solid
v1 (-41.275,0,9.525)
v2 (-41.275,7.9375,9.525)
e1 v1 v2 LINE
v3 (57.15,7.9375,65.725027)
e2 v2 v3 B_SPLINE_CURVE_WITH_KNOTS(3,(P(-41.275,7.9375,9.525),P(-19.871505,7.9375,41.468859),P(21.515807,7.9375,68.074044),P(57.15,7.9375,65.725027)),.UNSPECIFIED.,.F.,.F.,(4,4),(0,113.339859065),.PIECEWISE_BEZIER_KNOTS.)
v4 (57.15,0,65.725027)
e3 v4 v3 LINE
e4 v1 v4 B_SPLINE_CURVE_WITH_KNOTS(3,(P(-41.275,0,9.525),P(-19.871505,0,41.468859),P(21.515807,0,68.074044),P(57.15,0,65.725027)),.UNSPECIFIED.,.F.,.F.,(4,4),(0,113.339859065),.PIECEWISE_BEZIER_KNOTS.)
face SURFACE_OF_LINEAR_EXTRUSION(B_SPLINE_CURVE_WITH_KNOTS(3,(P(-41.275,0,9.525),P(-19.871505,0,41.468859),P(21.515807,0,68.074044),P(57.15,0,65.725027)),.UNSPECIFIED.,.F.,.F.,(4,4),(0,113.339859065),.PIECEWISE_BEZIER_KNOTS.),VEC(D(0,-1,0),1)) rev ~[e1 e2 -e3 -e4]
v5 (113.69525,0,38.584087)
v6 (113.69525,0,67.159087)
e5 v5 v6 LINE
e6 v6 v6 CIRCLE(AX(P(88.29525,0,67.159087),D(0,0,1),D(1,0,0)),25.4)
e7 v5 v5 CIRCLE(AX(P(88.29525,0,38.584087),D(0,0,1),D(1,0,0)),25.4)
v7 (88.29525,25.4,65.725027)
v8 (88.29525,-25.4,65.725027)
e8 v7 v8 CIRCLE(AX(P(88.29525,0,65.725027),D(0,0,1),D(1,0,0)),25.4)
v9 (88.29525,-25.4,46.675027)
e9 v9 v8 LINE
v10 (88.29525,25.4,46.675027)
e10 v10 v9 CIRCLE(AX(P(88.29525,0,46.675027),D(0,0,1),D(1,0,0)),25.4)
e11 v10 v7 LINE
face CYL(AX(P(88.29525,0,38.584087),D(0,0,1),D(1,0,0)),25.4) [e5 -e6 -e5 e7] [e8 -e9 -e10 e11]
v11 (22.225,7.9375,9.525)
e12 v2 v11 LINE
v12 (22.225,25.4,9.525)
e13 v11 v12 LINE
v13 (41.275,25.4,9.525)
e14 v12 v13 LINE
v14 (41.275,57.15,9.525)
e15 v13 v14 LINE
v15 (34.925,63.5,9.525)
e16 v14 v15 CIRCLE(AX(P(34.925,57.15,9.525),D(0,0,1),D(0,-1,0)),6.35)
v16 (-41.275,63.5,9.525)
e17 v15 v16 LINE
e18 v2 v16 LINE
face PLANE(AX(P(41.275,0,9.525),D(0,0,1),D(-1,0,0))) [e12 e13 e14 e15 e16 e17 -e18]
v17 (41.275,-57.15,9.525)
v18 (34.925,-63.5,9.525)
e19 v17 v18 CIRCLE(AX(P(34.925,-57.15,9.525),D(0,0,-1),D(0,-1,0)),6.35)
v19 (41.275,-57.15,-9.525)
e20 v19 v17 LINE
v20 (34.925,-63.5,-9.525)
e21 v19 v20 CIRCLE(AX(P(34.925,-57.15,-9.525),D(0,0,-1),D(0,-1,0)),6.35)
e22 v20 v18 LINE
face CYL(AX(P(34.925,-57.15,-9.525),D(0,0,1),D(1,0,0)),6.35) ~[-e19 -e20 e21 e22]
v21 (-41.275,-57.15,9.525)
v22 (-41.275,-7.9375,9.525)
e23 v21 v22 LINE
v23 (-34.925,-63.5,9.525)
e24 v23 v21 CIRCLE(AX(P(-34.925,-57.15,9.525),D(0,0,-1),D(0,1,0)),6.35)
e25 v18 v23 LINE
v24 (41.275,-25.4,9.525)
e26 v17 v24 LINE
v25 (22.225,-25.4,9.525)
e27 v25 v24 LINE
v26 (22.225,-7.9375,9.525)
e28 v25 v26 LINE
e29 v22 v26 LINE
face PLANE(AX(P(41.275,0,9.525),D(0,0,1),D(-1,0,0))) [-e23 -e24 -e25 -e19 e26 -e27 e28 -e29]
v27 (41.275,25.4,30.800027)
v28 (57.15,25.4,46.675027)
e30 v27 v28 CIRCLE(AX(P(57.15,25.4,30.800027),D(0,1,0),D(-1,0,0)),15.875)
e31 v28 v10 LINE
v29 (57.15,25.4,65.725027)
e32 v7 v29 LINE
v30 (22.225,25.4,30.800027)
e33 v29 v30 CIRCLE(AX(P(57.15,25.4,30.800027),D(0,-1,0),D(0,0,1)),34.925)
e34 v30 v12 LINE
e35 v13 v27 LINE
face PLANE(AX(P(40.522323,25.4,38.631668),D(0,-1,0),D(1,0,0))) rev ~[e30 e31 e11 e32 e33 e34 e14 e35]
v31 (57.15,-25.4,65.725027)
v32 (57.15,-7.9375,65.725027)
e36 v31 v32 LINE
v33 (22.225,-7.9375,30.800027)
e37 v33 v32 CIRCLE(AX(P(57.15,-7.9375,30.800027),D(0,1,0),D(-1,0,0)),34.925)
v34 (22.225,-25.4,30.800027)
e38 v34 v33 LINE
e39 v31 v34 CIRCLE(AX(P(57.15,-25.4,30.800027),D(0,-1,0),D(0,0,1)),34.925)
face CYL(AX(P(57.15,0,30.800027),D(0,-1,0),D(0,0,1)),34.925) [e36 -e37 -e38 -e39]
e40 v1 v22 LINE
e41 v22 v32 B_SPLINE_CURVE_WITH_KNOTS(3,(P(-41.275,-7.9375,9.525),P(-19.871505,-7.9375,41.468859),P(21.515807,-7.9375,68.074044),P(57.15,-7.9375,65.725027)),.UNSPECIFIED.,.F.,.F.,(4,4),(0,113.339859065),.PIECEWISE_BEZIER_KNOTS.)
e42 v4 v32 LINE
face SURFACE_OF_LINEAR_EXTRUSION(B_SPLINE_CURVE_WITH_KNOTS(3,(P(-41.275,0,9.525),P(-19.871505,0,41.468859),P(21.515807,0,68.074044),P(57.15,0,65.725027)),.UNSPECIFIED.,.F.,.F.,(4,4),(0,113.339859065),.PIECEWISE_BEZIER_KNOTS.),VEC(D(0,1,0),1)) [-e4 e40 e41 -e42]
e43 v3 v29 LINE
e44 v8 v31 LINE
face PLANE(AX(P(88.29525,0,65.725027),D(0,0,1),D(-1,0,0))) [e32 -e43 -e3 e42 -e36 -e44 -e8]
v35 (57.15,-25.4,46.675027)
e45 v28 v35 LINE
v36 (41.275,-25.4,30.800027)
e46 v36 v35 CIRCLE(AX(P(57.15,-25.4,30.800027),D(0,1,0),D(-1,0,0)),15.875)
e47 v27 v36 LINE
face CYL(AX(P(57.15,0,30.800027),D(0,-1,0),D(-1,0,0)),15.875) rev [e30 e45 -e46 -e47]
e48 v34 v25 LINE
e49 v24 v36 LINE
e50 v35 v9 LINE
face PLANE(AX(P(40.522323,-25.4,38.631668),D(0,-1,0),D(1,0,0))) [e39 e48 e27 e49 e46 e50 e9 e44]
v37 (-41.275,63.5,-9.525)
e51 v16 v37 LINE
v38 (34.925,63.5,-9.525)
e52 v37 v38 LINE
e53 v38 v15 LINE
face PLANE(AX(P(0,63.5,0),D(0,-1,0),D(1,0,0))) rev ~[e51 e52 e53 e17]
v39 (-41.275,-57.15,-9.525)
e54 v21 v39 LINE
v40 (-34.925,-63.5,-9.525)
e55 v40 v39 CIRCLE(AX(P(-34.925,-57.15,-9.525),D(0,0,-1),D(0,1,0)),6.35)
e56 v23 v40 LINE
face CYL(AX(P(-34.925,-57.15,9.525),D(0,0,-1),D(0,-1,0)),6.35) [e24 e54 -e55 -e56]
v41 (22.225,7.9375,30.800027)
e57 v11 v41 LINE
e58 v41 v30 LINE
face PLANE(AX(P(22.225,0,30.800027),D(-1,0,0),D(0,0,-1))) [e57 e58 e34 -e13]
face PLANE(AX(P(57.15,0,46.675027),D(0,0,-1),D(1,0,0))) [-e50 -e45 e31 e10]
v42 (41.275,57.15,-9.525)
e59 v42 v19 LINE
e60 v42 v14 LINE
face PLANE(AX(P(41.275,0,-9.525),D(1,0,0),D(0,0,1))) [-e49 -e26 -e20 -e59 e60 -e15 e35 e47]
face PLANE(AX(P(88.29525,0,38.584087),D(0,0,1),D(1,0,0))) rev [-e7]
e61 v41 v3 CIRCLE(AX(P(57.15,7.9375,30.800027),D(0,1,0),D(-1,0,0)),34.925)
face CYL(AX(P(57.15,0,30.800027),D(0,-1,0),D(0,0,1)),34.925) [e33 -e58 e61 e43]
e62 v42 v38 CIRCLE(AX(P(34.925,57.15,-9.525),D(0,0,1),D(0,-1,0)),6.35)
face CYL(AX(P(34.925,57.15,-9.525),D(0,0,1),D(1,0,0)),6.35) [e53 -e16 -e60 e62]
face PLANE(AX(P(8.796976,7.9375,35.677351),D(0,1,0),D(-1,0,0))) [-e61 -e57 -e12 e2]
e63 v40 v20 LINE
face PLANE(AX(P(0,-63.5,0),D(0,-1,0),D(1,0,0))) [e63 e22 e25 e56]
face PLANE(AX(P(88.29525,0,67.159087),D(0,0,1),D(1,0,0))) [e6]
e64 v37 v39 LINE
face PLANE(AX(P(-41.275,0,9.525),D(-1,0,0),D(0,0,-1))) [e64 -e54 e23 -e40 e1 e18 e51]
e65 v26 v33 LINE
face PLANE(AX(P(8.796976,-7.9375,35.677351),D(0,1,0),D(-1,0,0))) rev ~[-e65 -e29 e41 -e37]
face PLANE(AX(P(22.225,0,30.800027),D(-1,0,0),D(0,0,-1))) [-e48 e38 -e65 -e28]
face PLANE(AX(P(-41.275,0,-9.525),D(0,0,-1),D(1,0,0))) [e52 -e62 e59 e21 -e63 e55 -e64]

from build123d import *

# Parameters (mm, degrees)
F1_DEPTH = 63.5
F0_W     = 25.4
F0_H     = 19.05
F2_DEPTH = 25.4
F3_DEPTH = 7.9375
F5_R     = 6.35


with BuildPart() as f1:
    # F0 (on Front) → F1 (new body, symmetric)
    with BuildSketch(Plane.XZ):
        Polygon((-41.275, 9.525), (-41.275, -9.525), (41.275, -9.525), (41.275, 9.525), (22.225, 9.525), align=None)
    extrude(amount=F1_DEPTH, both=True)

    # F0 (on Front) → F2 (join, symmetric)
    with BuildSketch(Plane.XZ):
        with BuildLine():
            Line((22.225, 9.525), (41.275, 9.525))
            Line((41.275, 9.525), (41.275, 30.8000269385))
            ThreePointArc((41.275, 30.8000269385), (45.9246798487, 42.0253470898), (57.15, 46.6750269385))
            Line((57.15, 46.6750269385), (62.8952502342, 46.6750269385))
            Line((62.8952502342, 46.6750269385), (62.8952502342, 65.7250269385))
            Line((62.8952502342, 65.7250269385), (57.15, 65.7250269385))
            ThreePointArc((57.15, 65.7250269385), (32.4542956671, 55.4957312714), (22.225, 30.8000269385))
            Line((22.225, 30.8000269385), (22.225, 9.525))
        make_face()
        with Locations((75.5952502342, 56.2000269385)):
            Rectangle(F0_W, F0_H)
    extrude(amount=F2_DEPTH, both=True)

    # F0 (on Front) → F3 (join, symmetric)
    with BuildSketch(Plane.XZ):
        with BuildLine():
            add(Edge.make_bspline(
                [(-41.275, 9.525), (-19.8715052223, 41.4688585122), (21.5158074969, 68.07404407), (57.15, 65.7250269385)],
                knots=[0, 0, 0, 0, 113.3398590651, 113.3398590651, 113.3398590651, 113.3398590651], degree=3))
            Line((-41.275, 9.525), (22.225, 9.525))
            Line((22.225, 9.525), (22.225, 30.8000269385))
            ThreePointArc((22.225, 30.8000269385), (32.4542956671, 55.4957312714), (57.15, 65.7250269385))
        make_face()
    extrude(amount=F3_DEPTH, both=True)

    # F0 (on Front) → F4 (revolve)
    with BuildSketch(Plane.XZ):
        Polygon((88.2952502342, 67.1590872239), (88.2952502342, 65.7250269385), (88.2952502342, 46.6750269385), (88.2952502342, 38.5840872239), (113.6952502342, 38.5840872239), (113.6952502342, 67.1590872239), align=None)
    revolve(axis=Axis((88.2952502342, 0, 52.8715872239), (0, 0, 1)))

    # F5
    f5_edges = [f1.edges().sort_by_distance(p)[0] for p in [
        (41.275, -63.5, 0),
        (-41.275, -63.5, 0),
        (41.275, 63.5, 0),
    ]]
    fillet(f5_edges, radius=F5_R)


solid = f1.part
